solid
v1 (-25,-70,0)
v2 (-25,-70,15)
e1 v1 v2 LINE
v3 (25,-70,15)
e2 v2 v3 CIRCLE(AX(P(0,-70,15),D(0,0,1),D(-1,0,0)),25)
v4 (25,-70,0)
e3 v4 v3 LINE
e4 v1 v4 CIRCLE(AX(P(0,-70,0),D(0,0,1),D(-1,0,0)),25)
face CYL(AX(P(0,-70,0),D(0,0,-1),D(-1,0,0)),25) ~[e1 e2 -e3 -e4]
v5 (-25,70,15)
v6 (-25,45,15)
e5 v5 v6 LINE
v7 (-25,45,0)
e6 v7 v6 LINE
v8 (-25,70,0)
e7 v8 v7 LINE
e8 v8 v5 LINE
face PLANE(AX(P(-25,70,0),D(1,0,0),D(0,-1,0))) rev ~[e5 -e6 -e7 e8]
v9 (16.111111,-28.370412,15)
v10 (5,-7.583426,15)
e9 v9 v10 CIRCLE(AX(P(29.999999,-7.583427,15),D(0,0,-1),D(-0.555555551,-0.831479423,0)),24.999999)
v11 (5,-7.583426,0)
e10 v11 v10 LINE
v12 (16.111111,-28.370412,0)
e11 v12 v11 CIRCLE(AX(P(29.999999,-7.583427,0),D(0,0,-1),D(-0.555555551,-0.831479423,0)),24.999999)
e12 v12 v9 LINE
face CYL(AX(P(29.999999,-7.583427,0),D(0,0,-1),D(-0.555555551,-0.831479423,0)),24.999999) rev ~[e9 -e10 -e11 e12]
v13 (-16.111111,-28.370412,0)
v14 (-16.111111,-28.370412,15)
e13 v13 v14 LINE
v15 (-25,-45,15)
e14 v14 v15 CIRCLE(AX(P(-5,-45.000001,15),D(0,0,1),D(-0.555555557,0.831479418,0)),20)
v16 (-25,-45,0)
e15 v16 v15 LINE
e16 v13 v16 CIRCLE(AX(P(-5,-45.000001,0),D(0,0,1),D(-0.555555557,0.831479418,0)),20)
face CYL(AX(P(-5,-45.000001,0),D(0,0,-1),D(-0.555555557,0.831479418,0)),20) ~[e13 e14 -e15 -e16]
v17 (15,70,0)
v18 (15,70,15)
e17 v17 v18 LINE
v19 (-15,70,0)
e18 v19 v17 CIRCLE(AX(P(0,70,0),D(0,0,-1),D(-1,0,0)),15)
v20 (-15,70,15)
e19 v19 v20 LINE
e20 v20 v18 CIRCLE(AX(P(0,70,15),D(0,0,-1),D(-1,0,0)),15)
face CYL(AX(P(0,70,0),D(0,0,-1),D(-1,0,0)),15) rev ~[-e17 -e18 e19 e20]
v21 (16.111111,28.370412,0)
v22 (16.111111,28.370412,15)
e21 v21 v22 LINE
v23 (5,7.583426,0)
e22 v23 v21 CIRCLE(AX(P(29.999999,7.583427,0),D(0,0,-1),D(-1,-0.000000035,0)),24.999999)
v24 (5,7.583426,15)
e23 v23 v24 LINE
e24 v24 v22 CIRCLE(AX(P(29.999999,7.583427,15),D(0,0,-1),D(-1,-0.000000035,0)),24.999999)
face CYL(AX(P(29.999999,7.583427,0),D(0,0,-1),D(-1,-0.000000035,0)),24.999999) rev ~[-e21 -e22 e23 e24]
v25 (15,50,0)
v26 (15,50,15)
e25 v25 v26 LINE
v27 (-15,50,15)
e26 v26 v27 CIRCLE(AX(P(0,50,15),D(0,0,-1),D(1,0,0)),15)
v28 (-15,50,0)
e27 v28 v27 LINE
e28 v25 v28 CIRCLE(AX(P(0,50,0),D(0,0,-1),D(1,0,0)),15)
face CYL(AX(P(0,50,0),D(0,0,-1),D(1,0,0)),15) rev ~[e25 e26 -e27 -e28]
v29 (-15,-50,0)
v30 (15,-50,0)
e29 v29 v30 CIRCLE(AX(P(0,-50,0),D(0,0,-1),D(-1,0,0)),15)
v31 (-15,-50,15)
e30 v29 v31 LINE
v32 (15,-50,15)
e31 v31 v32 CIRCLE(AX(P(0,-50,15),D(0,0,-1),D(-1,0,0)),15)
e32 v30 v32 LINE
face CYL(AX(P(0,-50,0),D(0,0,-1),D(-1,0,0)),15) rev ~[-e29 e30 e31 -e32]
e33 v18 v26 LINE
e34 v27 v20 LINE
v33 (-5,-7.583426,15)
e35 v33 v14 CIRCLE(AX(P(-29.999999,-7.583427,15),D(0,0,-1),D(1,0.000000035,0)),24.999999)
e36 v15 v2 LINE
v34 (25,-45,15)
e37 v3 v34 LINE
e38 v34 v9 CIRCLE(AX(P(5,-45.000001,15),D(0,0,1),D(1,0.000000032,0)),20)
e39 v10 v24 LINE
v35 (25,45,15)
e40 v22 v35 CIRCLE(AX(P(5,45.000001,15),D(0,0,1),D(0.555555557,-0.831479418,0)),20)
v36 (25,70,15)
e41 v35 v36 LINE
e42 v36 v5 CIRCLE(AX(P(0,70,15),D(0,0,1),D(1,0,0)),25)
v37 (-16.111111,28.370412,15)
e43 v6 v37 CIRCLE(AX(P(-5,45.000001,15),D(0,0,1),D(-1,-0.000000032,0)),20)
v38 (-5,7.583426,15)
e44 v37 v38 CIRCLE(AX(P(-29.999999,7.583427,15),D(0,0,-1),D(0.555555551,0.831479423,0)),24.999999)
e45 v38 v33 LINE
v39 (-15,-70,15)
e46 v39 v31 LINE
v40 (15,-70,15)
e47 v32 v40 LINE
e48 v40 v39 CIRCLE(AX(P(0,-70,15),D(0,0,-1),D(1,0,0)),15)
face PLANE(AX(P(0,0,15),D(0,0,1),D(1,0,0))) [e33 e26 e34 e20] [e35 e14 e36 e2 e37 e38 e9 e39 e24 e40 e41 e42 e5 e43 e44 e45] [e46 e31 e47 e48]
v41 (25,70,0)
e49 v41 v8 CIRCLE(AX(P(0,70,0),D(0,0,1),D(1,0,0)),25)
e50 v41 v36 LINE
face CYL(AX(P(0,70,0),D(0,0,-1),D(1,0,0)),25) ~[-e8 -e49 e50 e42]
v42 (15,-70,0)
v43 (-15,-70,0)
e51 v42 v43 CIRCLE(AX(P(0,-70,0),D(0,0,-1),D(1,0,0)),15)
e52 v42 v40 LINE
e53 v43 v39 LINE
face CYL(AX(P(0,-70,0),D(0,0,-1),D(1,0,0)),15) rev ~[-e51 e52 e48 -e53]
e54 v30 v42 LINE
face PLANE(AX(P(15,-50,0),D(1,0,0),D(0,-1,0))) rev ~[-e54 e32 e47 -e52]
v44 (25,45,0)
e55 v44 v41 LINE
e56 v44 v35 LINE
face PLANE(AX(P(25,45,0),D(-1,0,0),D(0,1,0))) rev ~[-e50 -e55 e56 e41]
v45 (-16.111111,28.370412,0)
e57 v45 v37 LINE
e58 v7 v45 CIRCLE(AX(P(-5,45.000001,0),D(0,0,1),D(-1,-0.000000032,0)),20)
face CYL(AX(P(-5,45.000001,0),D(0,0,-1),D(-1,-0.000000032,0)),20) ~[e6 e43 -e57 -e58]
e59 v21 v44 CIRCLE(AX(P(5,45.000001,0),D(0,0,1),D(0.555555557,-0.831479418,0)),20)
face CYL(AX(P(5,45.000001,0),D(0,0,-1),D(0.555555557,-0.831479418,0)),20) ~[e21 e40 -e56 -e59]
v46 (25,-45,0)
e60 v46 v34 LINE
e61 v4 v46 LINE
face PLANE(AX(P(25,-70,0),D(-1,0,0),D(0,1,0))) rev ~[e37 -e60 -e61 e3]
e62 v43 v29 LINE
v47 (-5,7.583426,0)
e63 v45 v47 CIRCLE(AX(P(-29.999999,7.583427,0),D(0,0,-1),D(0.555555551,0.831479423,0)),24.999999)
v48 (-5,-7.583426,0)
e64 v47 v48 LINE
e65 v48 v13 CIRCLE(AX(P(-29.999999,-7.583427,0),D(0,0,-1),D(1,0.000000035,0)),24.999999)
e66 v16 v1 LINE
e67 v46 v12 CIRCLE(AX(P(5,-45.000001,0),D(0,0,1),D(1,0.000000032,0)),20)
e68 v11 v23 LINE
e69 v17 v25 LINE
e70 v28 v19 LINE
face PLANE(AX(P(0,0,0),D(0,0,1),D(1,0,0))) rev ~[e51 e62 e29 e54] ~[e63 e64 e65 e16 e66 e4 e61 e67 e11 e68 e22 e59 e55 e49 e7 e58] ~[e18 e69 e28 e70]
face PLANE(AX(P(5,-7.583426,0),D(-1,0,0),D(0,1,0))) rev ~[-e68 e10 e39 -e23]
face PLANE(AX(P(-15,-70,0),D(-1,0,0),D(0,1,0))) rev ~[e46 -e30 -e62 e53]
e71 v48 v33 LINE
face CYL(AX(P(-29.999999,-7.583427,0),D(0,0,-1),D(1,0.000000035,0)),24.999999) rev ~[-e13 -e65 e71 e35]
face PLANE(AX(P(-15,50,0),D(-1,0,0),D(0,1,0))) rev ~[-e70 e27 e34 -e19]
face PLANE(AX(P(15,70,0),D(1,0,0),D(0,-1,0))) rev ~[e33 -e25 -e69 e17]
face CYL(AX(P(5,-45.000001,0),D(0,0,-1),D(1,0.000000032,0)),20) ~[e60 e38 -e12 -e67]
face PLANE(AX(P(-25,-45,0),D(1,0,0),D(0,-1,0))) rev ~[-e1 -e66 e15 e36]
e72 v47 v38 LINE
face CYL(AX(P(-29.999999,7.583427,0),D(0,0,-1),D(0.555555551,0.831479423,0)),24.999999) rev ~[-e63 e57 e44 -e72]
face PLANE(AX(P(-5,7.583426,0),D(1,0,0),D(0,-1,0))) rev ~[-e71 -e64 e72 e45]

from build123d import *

# Parameters (mm, degrees)
F1_DEPTH = 15


with BuildPart() as f1:
    # F0 (on Top) → F1 (new body)
    with BuildSketch(Plane.XY):
        with BuildLine():
            Line((25, 45), (25, 70))
            ThreePointArc((25, 70), (0, 95), (-25, 70))
            Line((-25, 70), (-25, 45))
            ThreePointArc((-25, 45), (-22.638342, 35.57191), (-16.111111, 28.370412))
            ThreePointArc((-16.111111, 28.370412), (-7.952072, 19.368539), (-5, 7.583426))
            Line((-5, 7.583426), (-5, 0))
            Line((-5, 0), (-5, -7.583426))
            ThreePointArc((-5, -7.583426), (-7.952072, -19.368539), (-16.111111, -28.370412))
            ThreePointArc((-16.111111, -28.370412), (-22.638342, -35.57191), (-25, -45))
            Line((-25, -45), (-25, -70))
            ThreePointArc((-25, -70), (0, -95), (25, -70))
            Line((25, -70), (25, -45))
            ThreePointArc((25, -45), (22.638342, -35.57191), (16.111111, -28.370412))
            ThreePointArc((16.111111, -28.370412), (7.952072, -19.368539), (5, -7.583426))
            Line((5, -7.583426), (5, 0))
            Line((5, 0), (5, 7.583426))
            ThreePointArc((5, 7.583426), (7.952072, 19.368539), (16.111111, 28.370412))
            ThreePointArc((16.111111, 28.370412), (22.638342, 35.57191), (25, 45))
        make_face()
        with BuildLine():
            ThreePointArc((15, -70), (0, -85), (-15, -70))
            Line((-15, -70), (-15, -50))
            ThreePointArc((-15, -50), (0, -35), (15, -50))
            Line((15, -50), (15, -70))
        make_face(mode=Mode.SUBTRACT)
        with BuildLine():
            ThreePointArc((15, 50), (0, 35), (-15, 50))
            Line((-15, 50), (-15, 70))
            ThreePointArc((-15, 70), (0, 85), (15, 70))
            Line((15, 70), (15, 50))
        make_face(mode=Mode.SUBTRACT)
    extrude(amount=F1_DEPTH)


solid = f1.part
